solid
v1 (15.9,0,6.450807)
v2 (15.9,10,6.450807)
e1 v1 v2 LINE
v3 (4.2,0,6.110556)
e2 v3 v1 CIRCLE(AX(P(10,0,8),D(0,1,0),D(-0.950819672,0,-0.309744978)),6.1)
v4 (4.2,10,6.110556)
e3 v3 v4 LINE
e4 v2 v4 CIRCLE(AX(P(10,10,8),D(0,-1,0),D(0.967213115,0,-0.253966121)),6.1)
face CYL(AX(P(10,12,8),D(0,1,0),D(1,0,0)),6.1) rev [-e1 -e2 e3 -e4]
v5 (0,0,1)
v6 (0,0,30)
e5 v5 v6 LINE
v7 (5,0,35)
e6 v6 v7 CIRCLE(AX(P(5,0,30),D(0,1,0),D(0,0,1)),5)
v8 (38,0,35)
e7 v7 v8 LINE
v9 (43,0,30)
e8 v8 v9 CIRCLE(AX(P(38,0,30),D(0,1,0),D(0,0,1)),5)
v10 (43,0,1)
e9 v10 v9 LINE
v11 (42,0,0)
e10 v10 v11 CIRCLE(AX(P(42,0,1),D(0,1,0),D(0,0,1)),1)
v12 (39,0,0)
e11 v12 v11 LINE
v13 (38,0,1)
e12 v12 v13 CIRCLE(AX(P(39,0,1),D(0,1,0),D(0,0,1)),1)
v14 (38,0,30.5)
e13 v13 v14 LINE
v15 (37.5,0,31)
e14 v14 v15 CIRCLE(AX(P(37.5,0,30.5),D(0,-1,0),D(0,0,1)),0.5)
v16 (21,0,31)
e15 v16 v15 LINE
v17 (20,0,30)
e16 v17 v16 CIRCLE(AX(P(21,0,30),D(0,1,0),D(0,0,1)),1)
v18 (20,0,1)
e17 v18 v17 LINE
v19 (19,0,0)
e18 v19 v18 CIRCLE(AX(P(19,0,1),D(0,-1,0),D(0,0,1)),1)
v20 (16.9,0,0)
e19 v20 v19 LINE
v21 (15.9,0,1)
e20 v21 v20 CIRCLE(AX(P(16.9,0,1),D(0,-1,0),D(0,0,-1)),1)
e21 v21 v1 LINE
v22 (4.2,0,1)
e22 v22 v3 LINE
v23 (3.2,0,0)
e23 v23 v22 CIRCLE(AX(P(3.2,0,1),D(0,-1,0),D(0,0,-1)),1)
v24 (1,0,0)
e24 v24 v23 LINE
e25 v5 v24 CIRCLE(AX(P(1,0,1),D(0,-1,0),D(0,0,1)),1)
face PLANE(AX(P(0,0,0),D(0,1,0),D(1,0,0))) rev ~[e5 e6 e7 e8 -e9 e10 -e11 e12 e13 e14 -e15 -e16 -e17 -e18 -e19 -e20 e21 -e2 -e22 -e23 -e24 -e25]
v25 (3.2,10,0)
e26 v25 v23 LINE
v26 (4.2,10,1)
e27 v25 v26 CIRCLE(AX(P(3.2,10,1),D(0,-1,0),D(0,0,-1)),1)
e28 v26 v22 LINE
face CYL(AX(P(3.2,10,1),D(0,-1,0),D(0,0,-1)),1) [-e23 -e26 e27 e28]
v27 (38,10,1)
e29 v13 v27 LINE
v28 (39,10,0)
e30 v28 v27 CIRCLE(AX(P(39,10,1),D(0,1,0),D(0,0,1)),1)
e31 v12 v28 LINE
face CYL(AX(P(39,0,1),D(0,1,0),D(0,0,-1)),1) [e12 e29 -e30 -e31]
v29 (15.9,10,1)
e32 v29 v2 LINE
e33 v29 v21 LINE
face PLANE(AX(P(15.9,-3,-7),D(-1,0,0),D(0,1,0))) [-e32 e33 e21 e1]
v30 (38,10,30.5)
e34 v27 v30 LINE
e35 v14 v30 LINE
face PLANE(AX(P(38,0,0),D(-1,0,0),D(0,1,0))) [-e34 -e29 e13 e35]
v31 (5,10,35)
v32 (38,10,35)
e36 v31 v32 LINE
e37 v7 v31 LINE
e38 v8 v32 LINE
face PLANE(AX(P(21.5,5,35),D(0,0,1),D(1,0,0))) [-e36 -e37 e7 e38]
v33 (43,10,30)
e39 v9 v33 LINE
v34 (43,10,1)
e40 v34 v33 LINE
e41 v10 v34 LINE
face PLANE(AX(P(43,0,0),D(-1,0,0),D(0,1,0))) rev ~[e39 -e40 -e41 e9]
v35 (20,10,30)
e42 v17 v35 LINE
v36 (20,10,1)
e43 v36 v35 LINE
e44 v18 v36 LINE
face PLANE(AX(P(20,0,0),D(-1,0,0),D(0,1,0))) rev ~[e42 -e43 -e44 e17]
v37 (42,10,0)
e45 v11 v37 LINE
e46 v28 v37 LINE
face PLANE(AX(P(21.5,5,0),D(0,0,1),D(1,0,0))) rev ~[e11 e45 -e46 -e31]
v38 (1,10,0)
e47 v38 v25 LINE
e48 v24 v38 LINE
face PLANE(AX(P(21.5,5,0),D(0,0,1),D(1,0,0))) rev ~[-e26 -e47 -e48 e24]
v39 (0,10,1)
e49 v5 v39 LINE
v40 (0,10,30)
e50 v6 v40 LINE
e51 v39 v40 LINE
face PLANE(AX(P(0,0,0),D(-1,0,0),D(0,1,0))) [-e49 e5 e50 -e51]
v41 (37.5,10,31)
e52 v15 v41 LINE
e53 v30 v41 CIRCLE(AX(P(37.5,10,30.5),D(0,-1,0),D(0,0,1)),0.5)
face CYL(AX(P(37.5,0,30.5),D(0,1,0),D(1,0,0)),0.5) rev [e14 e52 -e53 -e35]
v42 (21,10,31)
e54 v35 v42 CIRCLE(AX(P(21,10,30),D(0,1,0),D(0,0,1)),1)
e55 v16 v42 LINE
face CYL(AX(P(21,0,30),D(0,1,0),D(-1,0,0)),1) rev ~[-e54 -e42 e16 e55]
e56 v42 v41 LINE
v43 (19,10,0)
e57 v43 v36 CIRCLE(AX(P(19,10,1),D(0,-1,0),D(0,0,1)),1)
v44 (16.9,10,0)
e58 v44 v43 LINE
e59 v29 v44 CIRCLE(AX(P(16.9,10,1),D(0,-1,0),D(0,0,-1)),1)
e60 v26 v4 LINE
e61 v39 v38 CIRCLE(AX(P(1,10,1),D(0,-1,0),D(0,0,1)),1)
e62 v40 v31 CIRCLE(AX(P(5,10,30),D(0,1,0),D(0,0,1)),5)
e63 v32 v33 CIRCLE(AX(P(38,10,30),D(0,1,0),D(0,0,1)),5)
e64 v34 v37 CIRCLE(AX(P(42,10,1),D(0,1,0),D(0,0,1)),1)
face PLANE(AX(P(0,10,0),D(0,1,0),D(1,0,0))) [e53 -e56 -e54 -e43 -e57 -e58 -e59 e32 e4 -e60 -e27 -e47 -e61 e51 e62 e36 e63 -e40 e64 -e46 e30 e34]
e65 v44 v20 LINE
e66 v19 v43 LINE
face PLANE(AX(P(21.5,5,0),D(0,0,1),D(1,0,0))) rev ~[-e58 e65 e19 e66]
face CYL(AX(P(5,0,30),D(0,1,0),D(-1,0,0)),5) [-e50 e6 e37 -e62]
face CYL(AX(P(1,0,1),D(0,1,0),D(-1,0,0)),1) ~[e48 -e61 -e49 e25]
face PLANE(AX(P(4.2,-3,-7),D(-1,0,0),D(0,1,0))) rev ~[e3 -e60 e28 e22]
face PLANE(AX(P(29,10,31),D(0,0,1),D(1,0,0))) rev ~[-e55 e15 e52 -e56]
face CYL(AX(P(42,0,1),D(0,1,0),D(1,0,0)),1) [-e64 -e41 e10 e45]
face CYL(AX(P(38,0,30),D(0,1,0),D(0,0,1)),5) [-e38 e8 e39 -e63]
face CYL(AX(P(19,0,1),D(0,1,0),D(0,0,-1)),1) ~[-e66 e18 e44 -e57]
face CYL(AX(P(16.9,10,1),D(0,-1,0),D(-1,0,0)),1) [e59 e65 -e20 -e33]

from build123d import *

# Parameters (mm, degrees)
CYLINDER_R     = 6.1
CYLINDER_DEPTH = 15
BOX007_W       = 11.7
BOX007_H       = 15
BOX007_DEPTH   = 15
BOX_W          = 18
BOX_H          = 20
BOX_DEPTH      = 31
BOX002_W       = 43
BOX002_H       = 10
BOX002_DEPTH   = 35
FILLET_R       = 5
FILLET001_R    = 1
FILLET002_R    = 0.5


with BuildPart() as cylinder:
    # Cylinder → Cylinder (new body)
    with BuildSketch(Plane(origin=(10, 12, 8), x_dir=(1, 0, 0), z_dir=(0, -1, 0))):
        Circle(CYLINDER_R)
    extrude(amount=CYLINDER_DEPTH)


with BuildPart() as cube007:
    # Box007 → Box007 (new body)
    with BuildSketch(Plane(origin=(4.2, -3, -7), x_dir=(1, 0, 0), z_dir=(0, 0, 1))):
        with Locations((5.85, 7.5)):
            Rectangle(BOX007_W, BOX007_H)
    extrude(amount=BOX007_DEPTH)


with BuildPart() as cube:
    # Box → Box (new body)
    with BuildSketch(Plane(origin=(20, 0, 0), x_dir=(1, 0, 0), z_dir=(0, 0, 1))):
        with Locations((9, 10)):
            Rectangle(BOX_W, BOX_H)
    extrude(amount=BOX_DEPTH)


with BuildPart() as fillet002:
    # Box002 → Box002 (new body)
    with BuildSketch(Plane.XY):
        with Locations((21.5, 5)):
            Rectangle(BOX002_W, BOX002_H)
    extrude(amount=BOX002_DEPTH)

    # Cut: cut Cube
    add(cube.part, mode=Mode.SUBTRACT)

    # Cut001: cut Cube007
    add(cube007.part, mode=Mode.SUBTRACT)

    # Cut002: cut Cylinder
    add(cylinder.part, mode=Mode.SUBTRACT)

    # Fillet
    fillet_edges = [fillet002.edges().sort_by_distance(p)[0] for p in [
        (0, 5, 35),
        (43, 5, 35),
    ]]
    fillet(fillet_edges, radius=FILLET_R)

    # Fillet001
    fillet001_edges = [fillet002.edges().sort_by_distance(p)[0] for p in [
        (0, 5, 0),
        (4.2, 5, 0),
        (43, 5, 0),
        (38, 5, 0),
        (20, 5, 31),
        (20, 5, 0),
        (15.9, 5, 0),
    ]]
    fillet(fillet001_edges, radius=FILLET001_R)

    # Fillet002
    fillet002_edges = [fillet002.edges().sort_by_distance(p)[0] for p in [
        (38, 5, 31),
    ]]
    fillet(fillet002_edges, radius=FILLET002_R)


solid = fillet002.part
